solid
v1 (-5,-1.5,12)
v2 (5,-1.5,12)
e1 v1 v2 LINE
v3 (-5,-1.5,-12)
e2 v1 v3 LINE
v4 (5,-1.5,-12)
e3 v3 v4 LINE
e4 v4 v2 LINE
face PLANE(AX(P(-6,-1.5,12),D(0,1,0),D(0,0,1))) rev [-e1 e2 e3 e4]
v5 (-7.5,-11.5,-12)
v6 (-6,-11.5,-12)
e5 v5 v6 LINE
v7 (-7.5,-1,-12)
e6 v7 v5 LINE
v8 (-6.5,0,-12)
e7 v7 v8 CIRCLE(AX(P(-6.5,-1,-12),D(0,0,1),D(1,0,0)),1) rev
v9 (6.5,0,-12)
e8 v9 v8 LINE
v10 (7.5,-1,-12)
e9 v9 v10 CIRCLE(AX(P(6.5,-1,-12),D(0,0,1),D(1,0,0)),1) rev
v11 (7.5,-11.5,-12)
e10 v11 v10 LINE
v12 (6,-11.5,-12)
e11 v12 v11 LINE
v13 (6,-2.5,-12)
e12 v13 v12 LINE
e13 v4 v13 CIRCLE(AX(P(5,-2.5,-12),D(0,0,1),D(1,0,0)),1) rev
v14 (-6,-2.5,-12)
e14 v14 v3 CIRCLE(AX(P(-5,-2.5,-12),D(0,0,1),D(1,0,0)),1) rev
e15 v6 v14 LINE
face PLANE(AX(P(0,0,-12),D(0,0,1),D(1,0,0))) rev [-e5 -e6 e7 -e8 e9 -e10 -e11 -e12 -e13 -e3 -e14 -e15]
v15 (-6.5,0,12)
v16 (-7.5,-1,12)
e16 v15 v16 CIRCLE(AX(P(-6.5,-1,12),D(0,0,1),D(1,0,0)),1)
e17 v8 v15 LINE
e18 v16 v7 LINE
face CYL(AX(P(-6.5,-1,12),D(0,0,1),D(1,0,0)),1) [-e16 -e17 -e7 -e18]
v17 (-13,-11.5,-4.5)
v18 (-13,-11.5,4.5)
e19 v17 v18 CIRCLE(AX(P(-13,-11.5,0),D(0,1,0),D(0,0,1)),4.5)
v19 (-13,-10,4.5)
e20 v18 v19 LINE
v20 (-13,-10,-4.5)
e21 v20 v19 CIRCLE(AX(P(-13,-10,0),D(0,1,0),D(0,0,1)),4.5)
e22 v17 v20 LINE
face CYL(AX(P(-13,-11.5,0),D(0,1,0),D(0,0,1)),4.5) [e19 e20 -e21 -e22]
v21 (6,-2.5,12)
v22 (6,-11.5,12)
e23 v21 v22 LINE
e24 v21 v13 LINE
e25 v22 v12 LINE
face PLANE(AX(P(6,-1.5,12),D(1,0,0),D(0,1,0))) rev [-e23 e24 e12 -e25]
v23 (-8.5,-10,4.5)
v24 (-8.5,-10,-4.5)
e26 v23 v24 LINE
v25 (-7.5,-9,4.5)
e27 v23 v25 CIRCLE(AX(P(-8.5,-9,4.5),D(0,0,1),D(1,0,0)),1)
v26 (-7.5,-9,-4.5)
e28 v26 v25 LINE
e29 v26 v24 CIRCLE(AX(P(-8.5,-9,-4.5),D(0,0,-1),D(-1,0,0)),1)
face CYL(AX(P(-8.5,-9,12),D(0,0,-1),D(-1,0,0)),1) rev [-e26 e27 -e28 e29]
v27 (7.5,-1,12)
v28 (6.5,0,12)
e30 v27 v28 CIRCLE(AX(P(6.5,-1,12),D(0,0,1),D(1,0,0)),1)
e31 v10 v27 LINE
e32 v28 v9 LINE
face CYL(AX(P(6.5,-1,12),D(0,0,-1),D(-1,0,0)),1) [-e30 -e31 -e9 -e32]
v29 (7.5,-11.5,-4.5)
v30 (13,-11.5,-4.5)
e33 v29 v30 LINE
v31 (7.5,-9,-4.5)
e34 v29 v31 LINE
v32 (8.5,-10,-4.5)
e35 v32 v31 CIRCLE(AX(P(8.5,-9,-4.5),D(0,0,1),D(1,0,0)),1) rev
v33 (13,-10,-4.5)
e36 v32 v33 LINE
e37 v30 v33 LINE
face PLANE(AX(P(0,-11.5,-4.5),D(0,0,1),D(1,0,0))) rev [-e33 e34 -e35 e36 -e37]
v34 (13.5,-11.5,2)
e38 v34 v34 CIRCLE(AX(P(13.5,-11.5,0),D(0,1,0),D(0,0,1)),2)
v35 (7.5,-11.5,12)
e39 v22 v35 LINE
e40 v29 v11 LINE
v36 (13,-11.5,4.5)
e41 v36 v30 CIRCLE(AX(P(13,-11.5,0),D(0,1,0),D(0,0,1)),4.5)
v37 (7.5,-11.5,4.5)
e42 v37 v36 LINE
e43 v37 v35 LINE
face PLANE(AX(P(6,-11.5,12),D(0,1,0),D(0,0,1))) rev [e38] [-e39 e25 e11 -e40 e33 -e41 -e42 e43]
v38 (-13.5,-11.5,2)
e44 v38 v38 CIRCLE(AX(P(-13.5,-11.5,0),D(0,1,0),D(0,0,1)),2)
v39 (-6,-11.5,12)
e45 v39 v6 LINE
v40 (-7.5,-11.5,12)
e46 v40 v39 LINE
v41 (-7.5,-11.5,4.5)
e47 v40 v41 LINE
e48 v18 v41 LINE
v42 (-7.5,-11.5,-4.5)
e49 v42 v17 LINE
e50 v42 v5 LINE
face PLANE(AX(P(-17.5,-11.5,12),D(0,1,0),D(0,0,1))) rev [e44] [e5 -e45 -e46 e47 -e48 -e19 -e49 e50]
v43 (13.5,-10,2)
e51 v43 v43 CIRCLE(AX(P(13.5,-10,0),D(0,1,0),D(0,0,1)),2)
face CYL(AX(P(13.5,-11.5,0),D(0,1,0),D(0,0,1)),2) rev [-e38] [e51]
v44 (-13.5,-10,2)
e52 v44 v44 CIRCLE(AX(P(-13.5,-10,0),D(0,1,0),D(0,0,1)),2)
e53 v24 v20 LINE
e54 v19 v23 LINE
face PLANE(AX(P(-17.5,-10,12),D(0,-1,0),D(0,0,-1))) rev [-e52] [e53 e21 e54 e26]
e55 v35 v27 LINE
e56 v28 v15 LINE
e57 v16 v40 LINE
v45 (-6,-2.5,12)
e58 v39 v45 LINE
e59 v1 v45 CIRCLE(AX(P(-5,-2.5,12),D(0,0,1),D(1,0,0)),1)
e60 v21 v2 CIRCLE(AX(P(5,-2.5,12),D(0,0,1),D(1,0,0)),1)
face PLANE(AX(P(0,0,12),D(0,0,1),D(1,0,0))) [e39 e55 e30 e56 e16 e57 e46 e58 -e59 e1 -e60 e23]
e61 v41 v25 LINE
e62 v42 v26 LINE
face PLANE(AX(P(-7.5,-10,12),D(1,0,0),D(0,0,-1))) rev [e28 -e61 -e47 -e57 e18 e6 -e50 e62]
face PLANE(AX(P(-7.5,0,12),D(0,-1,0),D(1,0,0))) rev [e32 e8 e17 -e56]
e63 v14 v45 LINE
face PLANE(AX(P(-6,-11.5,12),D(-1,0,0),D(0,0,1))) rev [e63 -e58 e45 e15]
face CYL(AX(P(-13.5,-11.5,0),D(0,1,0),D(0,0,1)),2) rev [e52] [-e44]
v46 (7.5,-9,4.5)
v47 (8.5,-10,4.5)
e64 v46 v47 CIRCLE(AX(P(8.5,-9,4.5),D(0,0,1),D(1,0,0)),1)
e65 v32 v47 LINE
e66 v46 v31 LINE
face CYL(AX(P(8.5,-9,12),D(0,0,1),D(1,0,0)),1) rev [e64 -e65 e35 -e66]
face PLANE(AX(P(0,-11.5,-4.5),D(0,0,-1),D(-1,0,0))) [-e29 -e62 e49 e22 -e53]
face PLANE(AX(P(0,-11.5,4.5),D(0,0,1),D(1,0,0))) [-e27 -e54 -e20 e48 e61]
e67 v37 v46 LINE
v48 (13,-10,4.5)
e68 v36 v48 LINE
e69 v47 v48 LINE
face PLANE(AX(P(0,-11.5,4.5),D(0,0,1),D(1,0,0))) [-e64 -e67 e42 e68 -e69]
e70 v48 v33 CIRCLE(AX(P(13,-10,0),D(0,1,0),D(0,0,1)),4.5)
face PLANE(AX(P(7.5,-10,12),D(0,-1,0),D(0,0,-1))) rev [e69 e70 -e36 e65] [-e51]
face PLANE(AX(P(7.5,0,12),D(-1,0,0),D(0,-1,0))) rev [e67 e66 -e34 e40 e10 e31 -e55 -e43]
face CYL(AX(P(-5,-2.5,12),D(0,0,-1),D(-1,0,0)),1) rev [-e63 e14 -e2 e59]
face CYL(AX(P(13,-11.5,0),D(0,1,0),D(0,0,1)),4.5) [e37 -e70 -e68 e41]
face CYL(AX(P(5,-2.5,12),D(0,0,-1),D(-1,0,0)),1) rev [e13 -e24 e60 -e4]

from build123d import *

# Parameters (mm, degrees)
SALIENTE_EXTRUIR2_DEPTH = 12
CROQUIS4_W              = 10
CROQUIS4_H              = 7.5
CORTAR_EXTRUIR2_DEPTH   = 24.457408211
CROQUIS6_R              = 2
CORTAR_EXTRUIR3_DEPTH   = 24.457408211
CORTAR_EXTRUIR4_DEPTH   = 24.457408211
REDONDEO1_R             = 1
REDONDEO2_R             = 1
REDONDEO3_R             = 1
REDONDEO4_R             = 1
REDONDEO5_R             = 1
REDONDEO6_R             = 1


with BuildPart() as part:
    # Croquis1 → Saliente-Extruir2 (new, symmetric)
    with BuildSketch(Plane.XY):
        Polygon((-17.5, -11.5), (-17.5, -10), (-7.5, -10), (-7.5, 0), (7.5, 0), (7.5, -10), (17.5, -10), (17.5, -11.5), (6, -11.5), (6, -1.5), (-6, -1.5), (-6, -11.5), align=None)
    extrude(amount=SALIENTE_EXTRUIR2_DEPTH, both=True)

    # Croquis4 → Cortar-Extruir2 (cut, through all)
    with BuildSketch(Plane(origin=(0, -10, 0), x_dir=(1, 0, 0), z_dir=(0, 1, 0))):
        with Locations((-12.5, 8.25)):
            Rectangle(CROQUIS4_W, CROQUIS4_H)
        with Locations((12.5, 8.25)):
            Rectangle(CROQUIS4_W, CROQUIS4_H)
        with Locations((12.5, -8.25)):
            Rectangle(CROQUIS4_W, CROQUIS4_H)
        with Locations((-12.5, -8.25)):
            Rectangle(CROQUIS4_W, CROQUIS4_H)
    extrude(amount=-CORTAR_EXTRUIR2_DEPTH, mode=Mode.SUBTRACT)

    # Croquis6 → Cortar-Extruir3 (cut, through all)
    with BuildSketch(Plane(origin=(0, -10, 0), x_dir=(1, 0, 0), z_dir=(0, 1, 0))):
        with Locations(Location((-13.5, 0, 0), (0, 0, 270))):
            Circle(CROQUIS6_R)
        with Locations(Location((13.5, 0, 0), (0, 0, 270))):
            Circle(CROQUIS6_R)
    extrude(amount=-CORTAR_EXTRUIR3_DEPTH, mode=Mode.SUBTRACT)

    # Croquis7 → Cortar-Extruir4 (cut, through all)
    with BuildSketch(Plane(origin=(0, -10, 0), x_dir=(1, 0, 0), z_dir=(0, 1, 0))):
        with BuildLine():
            ThreePointArc((-17.5, 0), (-16.181980515, 3.181980515), (-13, 4.5))
            Line((-13, 4.5), (-17.5, 4.5))
            Line((-17.5, 4.5), (-17.5, 0))
        make_face()
        with BuildLine():
            ThreePointArc((-13, -4.5), (-16.181980515, -3.181980515), (-17.5, 0))
            Line((-17.5, 0), (-17.5, -4.5))
            Line((-17.5, -4.5), (-13, -4.5))
        make_face()
        with BuildLine():
            Line((17.5, 4.5), (13, 4.5))
            ThreePointArc((13, 4.5), (16.181980515, 3.181980515), (17.5, 0))
            Line((17.5, 0), (17.5, 4.5))
        make_face()
        with BuildLine():
            Line((17.5, -4.5), (17.5, 0))
            ThreePointArc((17.5, 0), (16.181980515, -3.181980515), (13, -4.5))
            Line((13, -4.5), (17.5, -4.5))
        make_face()
    extrude(amount=-CORTAR_EXTRUIR4_DEPTH, mode=Mode.SUBTRACT)

    # Redondeo1
    redondeo1_edges = [part.edges().sort_by_distance(p)[0] for p in [
        (-7.5, -10, 0),
    ]]
    fillet(redondeo1_edges, radius=REDONDEO1_R)

    # Redondeo2
    redondeo2_edges = [part.edges().sort_by_distance(p)[0] for p in [
        (7.5, -10, 0),
    ]]
    fillet(redondeo2_edges, radius=REDONDEO2_R)

    # Redondeo3
    redondeo3_edges = [part.edges().sort_by_distance(p)[0] for p in [
        (-6, -1.5, 0),
    ]]
    fillet(redondeo3_edges, radius=REDONDEO3_R)

    # Redondeo4
    redondeo4_edges = [part.edges().sort_by_distance(p)[0] for p in [
        (6, -1.5, 0),
    ]]
    fillet(redondeo4_edges, radius=REDONDEO4_R)

    # Redondeo5
    redondeo5_edges = [part.edges().sort_by_distance(p)[0] for p in [
        (-7.5, 0, 0),
    ]]
    fillet(redondeo5_edges, radius=REDONDEO5_R)

    # Redondeo6
    redondeo6_edges = [part.edges().sort_by_distance(p)[0] for p in [
        (7.5, 0, 0),
    ]]
    fillet(redondeo6_edges, radius=REDONDEO6_R)


solid = part.part
